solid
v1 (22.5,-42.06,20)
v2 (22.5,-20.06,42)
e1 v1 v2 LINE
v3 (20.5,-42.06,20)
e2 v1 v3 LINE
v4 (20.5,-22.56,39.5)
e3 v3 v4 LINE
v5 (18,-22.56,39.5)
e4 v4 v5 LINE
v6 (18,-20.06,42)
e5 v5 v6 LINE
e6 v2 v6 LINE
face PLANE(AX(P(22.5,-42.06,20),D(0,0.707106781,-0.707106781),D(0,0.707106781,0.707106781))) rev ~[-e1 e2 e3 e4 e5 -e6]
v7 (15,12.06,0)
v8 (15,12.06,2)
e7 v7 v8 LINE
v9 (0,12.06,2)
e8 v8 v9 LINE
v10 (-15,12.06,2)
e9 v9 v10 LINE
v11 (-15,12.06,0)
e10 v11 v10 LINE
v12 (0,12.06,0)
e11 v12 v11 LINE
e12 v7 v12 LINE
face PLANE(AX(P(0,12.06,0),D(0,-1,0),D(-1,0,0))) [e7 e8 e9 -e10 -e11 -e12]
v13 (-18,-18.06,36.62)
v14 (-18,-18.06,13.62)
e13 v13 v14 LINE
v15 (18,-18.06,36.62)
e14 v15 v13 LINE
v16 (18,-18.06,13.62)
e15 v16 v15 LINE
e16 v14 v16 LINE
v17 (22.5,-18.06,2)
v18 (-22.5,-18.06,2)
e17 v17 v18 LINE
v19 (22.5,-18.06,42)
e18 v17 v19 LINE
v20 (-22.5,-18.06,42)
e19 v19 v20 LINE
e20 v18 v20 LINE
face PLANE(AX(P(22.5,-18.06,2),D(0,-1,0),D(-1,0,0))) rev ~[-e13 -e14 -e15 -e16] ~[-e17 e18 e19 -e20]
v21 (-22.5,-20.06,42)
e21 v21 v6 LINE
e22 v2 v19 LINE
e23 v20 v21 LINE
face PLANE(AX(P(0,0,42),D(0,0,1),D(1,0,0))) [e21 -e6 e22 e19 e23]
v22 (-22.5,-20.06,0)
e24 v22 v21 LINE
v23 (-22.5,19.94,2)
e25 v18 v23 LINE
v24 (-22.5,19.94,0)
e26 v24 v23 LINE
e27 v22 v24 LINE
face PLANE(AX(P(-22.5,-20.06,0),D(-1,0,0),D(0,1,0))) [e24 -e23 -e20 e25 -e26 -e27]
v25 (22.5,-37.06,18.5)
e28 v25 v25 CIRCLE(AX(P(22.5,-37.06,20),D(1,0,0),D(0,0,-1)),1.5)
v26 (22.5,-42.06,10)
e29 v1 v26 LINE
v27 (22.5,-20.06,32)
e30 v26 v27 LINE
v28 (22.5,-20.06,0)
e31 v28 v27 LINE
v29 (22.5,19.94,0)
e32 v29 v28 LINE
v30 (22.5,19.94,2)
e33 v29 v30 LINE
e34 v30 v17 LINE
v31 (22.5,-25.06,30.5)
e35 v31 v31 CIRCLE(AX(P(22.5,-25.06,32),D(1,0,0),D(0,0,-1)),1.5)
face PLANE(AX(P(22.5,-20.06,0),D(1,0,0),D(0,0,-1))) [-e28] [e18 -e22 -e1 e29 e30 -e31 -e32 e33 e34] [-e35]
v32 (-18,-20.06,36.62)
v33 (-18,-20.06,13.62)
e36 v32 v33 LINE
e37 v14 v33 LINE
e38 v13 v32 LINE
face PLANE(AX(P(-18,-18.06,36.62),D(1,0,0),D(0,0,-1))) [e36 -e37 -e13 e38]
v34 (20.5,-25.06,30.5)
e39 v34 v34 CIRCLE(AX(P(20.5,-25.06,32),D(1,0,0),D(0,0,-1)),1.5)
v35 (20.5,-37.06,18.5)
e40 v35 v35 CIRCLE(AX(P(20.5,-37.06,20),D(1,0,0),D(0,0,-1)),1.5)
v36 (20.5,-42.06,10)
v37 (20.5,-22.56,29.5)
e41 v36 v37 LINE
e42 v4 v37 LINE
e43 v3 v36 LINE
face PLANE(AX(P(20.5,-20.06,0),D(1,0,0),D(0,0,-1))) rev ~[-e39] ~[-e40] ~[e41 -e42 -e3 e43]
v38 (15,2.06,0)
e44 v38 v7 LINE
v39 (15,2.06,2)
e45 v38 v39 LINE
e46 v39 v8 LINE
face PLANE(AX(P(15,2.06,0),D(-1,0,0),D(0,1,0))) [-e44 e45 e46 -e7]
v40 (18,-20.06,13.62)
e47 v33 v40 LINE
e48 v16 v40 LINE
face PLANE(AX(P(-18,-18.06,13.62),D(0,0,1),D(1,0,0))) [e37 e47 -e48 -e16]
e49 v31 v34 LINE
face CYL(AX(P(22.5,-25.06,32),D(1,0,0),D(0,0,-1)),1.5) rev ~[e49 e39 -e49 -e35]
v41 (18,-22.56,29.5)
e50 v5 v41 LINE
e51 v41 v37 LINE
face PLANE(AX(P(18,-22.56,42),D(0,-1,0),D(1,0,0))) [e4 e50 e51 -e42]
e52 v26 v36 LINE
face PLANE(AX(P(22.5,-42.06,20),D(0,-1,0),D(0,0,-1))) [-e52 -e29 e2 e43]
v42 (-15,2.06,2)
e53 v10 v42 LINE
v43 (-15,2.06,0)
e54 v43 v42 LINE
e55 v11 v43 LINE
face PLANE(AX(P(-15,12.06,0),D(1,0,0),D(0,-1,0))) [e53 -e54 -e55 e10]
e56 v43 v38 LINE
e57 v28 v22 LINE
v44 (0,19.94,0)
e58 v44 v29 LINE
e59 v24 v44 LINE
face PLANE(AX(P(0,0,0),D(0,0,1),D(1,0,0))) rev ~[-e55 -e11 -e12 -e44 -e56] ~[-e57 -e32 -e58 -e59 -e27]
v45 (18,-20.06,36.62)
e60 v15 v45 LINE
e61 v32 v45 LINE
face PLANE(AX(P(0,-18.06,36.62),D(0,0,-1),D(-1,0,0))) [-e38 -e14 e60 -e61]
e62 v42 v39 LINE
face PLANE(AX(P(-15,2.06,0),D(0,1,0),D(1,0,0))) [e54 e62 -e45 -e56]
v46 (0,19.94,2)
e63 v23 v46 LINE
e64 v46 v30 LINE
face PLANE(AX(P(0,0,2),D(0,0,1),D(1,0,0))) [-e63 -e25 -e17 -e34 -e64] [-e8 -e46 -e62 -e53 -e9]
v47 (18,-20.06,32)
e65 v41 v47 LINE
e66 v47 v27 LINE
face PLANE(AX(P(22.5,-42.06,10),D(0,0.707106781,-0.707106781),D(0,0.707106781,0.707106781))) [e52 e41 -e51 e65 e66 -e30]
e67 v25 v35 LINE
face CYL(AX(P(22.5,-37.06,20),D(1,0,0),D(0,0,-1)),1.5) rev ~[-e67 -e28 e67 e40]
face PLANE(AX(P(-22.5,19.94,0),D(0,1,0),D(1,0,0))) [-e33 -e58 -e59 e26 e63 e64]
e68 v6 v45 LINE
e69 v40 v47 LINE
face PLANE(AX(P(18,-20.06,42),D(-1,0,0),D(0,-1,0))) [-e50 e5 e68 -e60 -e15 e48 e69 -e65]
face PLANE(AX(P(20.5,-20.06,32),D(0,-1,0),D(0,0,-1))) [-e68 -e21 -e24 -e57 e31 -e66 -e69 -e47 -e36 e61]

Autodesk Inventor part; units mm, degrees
ref_plane "YZ Plane" through (0, 0, 0) normal (1, 0, 0) x (0, 1, 0)
ref_plane "XZ Plane" through (0, 0, 0) normal (0, 1, 0) x (-1, 0, 0)
ref_plane "XY Plane" through (0, 0, 0) normal (0, 0, 1) x (1, 0, 0)
sketch "Boceto1" plane through (0, 0, 0) normal (0, 0, 1) x (1, 0, 0)
  line L0 (-22.5, 19.94) -> (22.5, 19.94)
  line L1 (22.5, 19.94) -> (22.5, -20.06)
  line L2 (22.5, -20.06) -> (-22.5, -20.06)
  line L3 (-22.5, -20.06) -> (-22.5, 19.94)
  line L4 (0, 19.94) -> (0, 11.94)
  line L5 (15, 12.06) -> (-15, 12.06)
  line L6 (-15, 12.06) -> (-15, 2.06)
  line L7 (-15, 2.06) -> (15, 2.06)
  line L8 (15, 2.06) -> (15, 12.06)
  point P0 (0, 0)
  dimension "d0" = 45
  dimension "d1" = 40
  dimension "d2" = 8
  dimension "d4" = 30
  dimension "d5" = 10
extrude "Extrusión1" add sketch "Boceto1" along normal blind 2
sketch "Boceto2" plane through (0, 0, 2) normal (0, 0, 1) x (1, 0, 0)
  line L0 (-22.5, 19.94) -> (-22.5, -20.06) projected
  line L1 (-22.5, -20.06) -> (22.5, -20.06)
  line L2 (22.5, -20.06) -> (22.5, -18.06)
  line L3 (22.5, -18.06) -> (-22.5, -18.06)
  line L4 (-22.5, -18.06) -> (-22.5, -20.06)
  point P0 (0, 0)
  dimension "d8" = 45
  dimension "d9" = 2
extrude "Extrusión2" add sketch "Boceto2" along normal blind 40
sketch "Boceto3" plane through (-22.5, -18.06, 2) normal (0, 1, 0) x (1, 0, 0)
  line L0 (22.5, -34.62) -> (4.5, -34.62)
  line L1 (4.5, -34.62) -> (4.5, -11.62)
  line L2 (4.5, -11.62) -> (40.5, -11.62)
  line L3 (40.5, -11.62) -> (40.5, -34.62)
  line L4 (40.5, -34.62) -> (22.5, -34.62)
  point P0 (22.5, 2)
  dimension "d15" = 23
  dimension "d16" = 36
extrude "Extrusión3" cut sketch "Boceto3" against normal blind 2
sketch "Boceto4" plane through (22.5, -20.06, 0) normal (1, 0, 0) x (0, 0, -1)
  line L0 (-20, -22) -> (-42, 0)
  line L1 (-20, -22) -> (-10, -22)
  line L2 (-10, -22) -> (-32, 0)
  line L3 (-42, 0) -> (-32, 0)
  point P0 (0, 20.06)
  dimension "d38" = 10
extrude "Extrusión4" add sketch "Boceto4" against normal blind 2
sketch "Boceto6" plane through (22.5, 19.94, 2) normal (1, 0, 0) x (0, 0, -1)
  line L0 (-40, -40) -> (-40, -45)
  circle A0 centre (-30, -45) radius 1.5
  circle A1 centre (-18, -57) radius 1.5
  point P0 (2, -19.94)
  dimension "d31" = 5
extrude "Extrusión6" cut sketch "Boceto6" against normal blind 2
sketch "Boceto7" plane through (0, 0, 42) normal (0, 0, 1) x (1, 0, 0)
  line L0 (-22.5, -20.06) -> (20.5, -20.06) projected
  line L1 (20.5, -20.06) -> (18, -20.06)
  line L2 (18, -20.06) -> (18, -22.56)
  line L3 (18, -22.56) -> (20.5, -22.56)
  line L4 (20.5, -20.06) -> (20.5, -42.06) projected
  line L5 (20.5, -20.06) -> (20.5, -22.56)
  point P0 (0, 0)
  dimension "d39" = 2.5
  dimension "d40" = 2.5
extrude "Extrusión7" add sketch "Boceto7" against normal blind 12.5
sketch "Boceto9" plane through (20.5, -22.56, 42) normal (1, 0, 0) x (0, 0, -1)
  line L0 (22, -19.5) -> (2.5, 0) projected
  line L1 (0, 2.5) -> (0, 0) projected
  line L2 (2.5, 0) -> (0, 0)
  line L3 (0, 0) -> (0, 2.5)
  line L4 (0, 2.5) -> (2.5, 0)
  line L5 (0, 2.5) -> (22, -19.5) projected
  point P0 (42, 22.56)
extrude "Extrusión8" cut sketch "Boceto9" against normal blind 12
sketch "Boceto10" plane through (20.5, -22.56, 29.5) normal (1, 0, 0) x (0, 0, -1)
  line L0 (-2.5, 2.5) -> (0, 2.5) projected
  line L1 (0, 0) -> (0, 2.5)
  line L2 (-2.5, 2.5) -> (0, 0) projected
  line L3 (0, 2.5) -> (-2.5, 2.5)
  line L4 (-2.5, 2.5) -> (0, 0)
  point P0 (29.5, 22.56)
extrude "Extrusión9" cut sketch "Boceto10" against normal blind 12
properties part number "_3DPrint"
